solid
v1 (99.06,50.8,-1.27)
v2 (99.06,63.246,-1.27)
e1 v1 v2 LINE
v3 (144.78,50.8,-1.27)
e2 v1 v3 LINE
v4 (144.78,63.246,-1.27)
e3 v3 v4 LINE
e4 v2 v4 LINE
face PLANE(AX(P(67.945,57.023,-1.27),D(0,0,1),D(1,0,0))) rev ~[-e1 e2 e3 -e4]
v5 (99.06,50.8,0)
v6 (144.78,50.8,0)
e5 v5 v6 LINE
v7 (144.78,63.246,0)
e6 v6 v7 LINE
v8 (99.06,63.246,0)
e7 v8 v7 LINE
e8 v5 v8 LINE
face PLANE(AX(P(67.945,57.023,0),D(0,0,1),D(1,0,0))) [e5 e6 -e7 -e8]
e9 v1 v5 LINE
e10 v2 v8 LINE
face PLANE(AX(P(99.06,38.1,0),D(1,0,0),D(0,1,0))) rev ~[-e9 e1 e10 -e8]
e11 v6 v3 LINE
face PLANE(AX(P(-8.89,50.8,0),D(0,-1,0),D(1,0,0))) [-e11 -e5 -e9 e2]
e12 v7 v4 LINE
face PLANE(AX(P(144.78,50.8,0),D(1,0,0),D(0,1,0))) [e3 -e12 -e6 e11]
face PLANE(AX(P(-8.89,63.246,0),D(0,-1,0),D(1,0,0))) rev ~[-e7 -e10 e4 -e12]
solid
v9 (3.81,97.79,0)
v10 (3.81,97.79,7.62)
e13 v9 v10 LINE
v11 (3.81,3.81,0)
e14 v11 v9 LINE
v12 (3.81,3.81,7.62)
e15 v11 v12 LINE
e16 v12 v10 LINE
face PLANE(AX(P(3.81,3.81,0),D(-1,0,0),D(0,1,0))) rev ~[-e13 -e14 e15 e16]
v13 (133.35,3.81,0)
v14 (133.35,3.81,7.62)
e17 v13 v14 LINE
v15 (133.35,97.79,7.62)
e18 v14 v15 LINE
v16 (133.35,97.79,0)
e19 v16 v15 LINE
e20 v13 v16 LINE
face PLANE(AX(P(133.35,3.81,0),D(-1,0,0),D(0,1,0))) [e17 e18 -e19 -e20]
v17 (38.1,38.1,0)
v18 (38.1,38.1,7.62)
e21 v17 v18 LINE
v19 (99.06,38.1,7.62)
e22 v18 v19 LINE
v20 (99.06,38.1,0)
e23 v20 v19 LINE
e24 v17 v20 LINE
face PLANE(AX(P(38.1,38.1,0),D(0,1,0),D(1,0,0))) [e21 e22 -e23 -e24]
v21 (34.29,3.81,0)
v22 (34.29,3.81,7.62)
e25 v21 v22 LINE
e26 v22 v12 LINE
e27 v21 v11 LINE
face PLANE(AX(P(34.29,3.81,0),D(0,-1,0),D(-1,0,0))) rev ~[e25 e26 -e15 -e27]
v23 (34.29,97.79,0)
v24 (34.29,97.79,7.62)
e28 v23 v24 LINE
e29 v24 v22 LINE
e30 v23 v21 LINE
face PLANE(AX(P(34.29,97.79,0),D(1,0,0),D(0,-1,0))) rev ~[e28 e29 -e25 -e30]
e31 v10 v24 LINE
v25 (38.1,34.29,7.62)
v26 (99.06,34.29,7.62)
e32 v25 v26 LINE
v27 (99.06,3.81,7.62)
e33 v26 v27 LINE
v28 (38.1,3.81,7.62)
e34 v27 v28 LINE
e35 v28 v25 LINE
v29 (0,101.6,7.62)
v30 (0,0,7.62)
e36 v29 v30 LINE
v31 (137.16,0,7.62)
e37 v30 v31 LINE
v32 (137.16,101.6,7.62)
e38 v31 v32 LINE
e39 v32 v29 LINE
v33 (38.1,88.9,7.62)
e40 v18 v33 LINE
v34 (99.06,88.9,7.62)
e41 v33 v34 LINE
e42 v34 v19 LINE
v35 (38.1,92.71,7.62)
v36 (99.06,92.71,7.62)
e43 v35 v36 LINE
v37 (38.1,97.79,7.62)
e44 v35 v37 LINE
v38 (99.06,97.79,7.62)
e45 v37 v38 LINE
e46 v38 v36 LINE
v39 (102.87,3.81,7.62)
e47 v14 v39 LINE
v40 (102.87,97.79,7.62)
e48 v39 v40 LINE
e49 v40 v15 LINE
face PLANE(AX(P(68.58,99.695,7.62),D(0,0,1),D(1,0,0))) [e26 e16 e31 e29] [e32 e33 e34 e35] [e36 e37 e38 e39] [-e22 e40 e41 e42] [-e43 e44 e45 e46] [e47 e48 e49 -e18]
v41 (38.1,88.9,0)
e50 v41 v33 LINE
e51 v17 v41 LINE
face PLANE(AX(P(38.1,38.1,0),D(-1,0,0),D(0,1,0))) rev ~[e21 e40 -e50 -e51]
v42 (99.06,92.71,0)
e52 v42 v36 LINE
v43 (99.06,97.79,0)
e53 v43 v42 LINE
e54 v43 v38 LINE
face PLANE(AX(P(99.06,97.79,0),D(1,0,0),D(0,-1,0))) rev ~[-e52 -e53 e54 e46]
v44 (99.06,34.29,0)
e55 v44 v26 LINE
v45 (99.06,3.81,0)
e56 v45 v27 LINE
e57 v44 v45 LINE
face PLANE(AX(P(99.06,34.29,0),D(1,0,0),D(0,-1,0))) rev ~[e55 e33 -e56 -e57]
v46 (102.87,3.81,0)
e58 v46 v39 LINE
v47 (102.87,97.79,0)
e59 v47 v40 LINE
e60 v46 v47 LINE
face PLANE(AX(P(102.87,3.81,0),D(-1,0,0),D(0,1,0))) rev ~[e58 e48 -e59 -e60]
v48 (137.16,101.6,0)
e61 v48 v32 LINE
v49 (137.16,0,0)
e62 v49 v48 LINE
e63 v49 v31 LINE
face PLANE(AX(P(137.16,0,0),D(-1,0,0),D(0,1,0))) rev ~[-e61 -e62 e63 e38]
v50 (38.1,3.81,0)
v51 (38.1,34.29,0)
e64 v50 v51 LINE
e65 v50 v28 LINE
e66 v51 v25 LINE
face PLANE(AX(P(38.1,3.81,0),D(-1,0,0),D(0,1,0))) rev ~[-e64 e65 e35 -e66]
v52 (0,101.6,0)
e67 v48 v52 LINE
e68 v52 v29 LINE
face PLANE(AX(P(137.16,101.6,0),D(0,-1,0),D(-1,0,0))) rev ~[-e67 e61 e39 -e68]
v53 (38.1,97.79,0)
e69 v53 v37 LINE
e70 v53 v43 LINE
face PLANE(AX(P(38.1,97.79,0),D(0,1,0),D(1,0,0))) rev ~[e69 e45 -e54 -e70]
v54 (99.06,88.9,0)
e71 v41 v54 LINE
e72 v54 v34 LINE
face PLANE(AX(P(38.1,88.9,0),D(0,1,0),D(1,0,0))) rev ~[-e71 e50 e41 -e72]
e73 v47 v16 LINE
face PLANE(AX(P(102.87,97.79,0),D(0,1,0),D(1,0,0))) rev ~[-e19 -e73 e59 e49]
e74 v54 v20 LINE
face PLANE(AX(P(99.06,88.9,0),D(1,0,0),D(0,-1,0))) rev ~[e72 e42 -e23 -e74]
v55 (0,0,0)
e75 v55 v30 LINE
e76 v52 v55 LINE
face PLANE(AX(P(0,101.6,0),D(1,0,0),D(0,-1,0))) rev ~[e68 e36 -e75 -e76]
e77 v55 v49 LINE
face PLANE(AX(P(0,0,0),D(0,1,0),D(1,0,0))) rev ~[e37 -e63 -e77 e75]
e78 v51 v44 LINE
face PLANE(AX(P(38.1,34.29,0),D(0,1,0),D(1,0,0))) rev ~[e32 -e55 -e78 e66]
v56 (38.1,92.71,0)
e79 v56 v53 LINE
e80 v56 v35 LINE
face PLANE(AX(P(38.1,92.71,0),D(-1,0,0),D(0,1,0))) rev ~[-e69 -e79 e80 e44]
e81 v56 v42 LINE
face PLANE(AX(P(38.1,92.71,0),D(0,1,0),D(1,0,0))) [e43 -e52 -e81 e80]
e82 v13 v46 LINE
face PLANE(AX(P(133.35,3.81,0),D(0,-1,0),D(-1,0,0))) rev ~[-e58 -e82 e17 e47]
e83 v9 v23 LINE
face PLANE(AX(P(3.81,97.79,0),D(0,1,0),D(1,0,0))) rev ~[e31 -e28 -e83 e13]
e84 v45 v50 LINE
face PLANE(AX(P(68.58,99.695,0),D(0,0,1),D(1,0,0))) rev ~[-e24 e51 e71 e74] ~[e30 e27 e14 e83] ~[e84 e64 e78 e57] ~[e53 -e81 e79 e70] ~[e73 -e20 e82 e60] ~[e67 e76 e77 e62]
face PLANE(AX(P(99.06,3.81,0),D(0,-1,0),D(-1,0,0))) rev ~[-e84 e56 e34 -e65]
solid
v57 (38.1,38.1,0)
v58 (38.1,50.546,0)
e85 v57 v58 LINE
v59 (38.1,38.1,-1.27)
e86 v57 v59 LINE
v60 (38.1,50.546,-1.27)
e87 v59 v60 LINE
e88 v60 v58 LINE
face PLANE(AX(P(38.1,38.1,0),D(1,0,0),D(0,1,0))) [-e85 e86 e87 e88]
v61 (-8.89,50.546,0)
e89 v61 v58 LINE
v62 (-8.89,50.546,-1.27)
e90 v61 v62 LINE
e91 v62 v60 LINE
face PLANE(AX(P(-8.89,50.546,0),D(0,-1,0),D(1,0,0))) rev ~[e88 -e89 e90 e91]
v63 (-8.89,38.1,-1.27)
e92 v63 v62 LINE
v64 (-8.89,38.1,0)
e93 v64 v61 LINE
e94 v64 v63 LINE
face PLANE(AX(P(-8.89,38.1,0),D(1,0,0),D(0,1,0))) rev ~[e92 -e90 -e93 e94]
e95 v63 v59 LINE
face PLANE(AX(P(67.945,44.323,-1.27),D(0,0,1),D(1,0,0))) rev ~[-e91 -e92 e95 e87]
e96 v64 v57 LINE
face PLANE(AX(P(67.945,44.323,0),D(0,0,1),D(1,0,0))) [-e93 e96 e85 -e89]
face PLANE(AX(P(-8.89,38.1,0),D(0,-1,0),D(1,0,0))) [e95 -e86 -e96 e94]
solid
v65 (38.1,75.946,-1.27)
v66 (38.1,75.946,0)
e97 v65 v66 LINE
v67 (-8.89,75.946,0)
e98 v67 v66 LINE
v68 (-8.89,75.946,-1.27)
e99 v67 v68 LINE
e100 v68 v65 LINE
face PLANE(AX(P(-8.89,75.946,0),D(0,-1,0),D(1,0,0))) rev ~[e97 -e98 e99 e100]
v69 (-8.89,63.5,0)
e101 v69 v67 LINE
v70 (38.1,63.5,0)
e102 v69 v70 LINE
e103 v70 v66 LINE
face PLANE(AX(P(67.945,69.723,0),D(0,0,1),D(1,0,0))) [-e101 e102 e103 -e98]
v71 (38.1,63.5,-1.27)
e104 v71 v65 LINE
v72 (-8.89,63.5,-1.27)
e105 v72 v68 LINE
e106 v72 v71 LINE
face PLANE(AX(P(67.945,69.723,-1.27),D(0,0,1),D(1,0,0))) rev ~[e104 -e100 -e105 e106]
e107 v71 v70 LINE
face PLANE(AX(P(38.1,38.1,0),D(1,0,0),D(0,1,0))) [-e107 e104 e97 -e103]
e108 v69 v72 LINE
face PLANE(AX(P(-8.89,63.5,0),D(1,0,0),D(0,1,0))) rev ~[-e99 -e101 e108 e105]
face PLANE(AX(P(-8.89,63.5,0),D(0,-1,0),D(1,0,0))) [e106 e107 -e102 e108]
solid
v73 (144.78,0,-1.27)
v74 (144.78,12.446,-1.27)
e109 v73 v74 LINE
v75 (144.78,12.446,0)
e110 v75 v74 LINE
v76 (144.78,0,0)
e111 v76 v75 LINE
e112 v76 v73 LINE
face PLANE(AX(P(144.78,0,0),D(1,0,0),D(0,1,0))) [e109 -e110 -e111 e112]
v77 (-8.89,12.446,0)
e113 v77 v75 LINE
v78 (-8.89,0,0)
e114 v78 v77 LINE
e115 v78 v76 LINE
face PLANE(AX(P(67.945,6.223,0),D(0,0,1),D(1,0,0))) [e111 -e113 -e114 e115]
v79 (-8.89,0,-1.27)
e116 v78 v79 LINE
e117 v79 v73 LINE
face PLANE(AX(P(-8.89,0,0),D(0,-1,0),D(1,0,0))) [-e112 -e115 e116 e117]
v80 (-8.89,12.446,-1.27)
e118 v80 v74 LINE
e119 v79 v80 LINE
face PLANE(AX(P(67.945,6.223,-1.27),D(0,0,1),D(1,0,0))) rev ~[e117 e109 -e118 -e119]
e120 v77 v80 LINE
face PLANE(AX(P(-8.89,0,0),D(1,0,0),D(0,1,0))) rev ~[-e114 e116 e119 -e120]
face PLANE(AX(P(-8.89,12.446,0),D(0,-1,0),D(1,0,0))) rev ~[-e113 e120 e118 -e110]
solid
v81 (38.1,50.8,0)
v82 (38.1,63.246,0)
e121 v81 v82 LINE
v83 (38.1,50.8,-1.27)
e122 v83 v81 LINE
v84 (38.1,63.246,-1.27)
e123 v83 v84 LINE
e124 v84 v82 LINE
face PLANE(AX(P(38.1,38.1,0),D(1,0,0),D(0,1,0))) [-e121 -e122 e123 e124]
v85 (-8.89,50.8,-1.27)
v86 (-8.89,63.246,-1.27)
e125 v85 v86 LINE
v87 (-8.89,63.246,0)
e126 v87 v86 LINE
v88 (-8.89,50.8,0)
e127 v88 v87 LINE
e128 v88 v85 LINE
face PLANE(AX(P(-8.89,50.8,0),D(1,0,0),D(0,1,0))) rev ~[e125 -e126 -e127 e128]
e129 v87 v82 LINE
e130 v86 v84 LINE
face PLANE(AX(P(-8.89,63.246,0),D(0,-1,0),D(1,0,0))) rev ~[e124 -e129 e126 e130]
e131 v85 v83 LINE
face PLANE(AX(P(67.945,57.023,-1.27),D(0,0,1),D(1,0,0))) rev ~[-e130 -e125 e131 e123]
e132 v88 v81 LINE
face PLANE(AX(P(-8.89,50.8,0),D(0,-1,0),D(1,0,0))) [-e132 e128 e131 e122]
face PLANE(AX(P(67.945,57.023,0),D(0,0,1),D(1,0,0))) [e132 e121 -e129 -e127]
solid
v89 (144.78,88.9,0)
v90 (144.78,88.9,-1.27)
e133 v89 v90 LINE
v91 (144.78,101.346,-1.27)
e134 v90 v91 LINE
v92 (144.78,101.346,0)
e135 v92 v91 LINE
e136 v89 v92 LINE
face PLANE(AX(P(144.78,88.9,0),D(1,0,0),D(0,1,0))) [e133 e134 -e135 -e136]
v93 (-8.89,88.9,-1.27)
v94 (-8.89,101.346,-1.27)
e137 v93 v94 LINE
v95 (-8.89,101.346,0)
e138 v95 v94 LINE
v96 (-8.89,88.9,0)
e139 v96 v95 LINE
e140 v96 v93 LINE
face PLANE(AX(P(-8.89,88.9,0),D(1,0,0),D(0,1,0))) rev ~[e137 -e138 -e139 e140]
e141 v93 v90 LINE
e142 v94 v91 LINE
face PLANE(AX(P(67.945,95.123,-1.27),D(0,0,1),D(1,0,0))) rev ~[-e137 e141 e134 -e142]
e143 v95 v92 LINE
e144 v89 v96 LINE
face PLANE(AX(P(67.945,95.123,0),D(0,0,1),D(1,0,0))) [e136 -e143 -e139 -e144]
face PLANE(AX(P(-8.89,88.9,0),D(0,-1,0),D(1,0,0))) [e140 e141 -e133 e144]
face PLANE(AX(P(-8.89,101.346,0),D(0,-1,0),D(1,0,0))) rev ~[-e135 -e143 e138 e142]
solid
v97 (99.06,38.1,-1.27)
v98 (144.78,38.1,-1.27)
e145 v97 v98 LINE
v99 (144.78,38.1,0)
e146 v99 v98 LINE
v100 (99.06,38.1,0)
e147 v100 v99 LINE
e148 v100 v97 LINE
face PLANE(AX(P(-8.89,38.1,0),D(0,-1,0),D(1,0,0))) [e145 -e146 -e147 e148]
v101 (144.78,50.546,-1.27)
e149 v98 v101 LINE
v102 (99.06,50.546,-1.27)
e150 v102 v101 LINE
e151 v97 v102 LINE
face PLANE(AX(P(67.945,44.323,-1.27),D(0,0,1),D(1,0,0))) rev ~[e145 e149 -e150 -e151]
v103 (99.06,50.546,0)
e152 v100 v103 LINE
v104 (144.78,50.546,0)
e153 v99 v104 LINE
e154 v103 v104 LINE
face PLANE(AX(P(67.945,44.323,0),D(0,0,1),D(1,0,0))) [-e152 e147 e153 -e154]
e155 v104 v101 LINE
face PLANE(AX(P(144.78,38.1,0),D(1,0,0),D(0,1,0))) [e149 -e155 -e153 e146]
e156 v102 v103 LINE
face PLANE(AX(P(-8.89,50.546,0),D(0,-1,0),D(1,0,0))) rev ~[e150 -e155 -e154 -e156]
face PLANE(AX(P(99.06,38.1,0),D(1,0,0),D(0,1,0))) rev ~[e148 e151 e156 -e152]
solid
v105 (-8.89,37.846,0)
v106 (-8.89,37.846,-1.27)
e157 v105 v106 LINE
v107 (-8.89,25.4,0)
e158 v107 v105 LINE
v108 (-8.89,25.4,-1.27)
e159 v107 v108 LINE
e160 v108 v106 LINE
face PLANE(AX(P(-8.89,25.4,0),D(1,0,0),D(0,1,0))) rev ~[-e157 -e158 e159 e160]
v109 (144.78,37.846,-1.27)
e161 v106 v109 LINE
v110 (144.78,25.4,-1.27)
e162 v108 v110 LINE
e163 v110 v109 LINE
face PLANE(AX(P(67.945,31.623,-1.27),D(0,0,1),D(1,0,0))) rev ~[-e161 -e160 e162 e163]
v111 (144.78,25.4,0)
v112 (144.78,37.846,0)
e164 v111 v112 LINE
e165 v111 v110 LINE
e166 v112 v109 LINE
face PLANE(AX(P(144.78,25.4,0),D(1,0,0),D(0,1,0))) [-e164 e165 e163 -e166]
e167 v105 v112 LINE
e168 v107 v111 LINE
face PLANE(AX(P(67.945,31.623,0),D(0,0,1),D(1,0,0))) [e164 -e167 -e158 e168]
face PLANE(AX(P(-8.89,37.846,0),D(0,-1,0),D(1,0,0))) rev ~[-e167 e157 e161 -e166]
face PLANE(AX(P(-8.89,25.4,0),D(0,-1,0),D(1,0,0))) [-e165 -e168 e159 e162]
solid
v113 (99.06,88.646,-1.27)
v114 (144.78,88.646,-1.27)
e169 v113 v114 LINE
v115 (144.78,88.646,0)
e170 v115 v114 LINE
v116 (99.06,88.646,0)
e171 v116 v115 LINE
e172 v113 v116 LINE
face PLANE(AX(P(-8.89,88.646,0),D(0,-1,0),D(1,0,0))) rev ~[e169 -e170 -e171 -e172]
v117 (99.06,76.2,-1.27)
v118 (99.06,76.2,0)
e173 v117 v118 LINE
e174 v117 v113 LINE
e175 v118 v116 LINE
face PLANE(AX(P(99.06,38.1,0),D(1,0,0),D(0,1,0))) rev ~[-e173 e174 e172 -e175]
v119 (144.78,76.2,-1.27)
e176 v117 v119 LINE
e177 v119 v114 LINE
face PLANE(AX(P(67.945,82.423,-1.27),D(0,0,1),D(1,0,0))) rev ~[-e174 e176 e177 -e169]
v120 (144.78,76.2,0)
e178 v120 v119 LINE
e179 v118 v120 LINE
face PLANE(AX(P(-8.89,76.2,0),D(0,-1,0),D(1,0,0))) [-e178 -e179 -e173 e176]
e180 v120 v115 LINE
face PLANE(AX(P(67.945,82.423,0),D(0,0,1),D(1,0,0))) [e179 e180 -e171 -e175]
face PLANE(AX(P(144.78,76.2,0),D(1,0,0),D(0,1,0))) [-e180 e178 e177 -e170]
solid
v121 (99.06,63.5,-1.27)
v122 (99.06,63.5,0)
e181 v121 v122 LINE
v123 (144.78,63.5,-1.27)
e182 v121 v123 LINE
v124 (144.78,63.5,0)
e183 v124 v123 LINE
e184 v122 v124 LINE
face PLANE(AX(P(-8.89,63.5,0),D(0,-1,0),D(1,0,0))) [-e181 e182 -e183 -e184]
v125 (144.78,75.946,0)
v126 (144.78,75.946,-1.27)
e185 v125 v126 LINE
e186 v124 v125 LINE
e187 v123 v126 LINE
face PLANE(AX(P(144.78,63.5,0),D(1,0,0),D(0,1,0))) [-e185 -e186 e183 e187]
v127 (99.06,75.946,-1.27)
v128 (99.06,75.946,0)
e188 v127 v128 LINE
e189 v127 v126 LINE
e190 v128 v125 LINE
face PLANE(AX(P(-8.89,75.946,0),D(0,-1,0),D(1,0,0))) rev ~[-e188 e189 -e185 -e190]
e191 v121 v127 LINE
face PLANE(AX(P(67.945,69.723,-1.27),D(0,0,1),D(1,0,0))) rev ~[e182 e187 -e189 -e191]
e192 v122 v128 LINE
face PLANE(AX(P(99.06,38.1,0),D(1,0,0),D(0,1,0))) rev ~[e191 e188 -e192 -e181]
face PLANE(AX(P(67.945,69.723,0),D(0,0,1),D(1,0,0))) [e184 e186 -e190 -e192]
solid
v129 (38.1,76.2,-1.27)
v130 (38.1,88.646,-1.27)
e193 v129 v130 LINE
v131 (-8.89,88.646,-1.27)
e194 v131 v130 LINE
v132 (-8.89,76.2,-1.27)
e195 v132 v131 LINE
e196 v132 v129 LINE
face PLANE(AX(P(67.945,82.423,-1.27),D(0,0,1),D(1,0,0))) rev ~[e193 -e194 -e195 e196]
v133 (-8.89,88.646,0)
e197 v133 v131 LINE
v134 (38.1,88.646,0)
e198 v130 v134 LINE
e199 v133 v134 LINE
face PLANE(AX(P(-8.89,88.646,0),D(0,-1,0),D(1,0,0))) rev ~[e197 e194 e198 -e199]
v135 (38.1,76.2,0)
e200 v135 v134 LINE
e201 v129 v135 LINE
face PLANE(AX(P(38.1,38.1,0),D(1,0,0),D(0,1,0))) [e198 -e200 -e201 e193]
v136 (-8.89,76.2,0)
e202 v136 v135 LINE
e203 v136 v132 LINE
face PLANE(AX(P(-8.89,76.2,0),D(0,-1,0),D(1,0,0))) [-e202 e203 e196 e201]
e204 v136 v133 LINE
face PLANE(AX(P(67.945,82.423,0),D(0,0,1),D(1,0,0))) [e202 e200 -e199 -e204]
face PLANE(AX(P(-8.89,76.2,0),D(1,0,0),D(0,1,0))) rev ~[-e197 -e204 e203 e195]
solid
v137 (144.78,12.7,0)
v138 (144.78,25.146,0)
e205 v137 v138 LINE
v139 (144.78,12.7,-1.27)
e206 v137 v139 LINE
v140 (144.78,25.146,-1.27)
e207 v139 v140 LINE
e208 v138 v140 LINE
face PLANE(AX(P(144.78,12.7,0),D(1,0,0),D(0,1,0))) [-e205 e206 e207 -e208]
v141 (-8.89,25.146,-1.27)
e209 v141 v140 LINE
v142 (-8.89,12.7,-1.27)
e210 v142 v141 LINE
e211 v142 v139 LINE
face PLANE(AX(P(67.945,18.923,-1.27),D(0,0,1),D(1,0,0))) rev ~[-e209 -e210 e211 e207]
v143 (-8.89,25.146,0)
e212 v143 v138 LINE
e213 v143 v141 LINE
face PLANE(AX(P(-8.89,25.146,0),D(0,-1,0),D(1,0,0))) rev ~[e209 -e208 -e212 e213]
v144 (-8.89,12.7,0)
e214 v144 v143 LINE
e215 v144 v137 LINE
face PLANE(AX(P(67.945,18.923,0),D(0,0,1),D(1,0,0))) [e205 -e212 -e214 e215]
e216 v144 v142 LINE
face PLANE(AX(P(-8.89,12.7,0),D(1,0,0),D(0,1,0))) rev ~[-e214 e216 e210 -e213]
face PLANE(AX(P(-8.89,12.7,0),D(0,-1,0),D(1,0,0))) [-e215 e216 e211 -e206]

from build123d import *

# Parameters (mm, degrees)
F0_W     = 60.96
F0_H     = 3.81
F0_W_2   = 3.81
F0_H_2   = 93.98
F1_DEPTH = 7.62
F2_W     = 153.67
F2_H     = 12.446
F3_DEPTH = 1.27
F0_H_3   = 50.8
F4_DEPTH = 25.4


with BuildPart() as f1:
    # F0 (on Top) → F1 (new body)
    with BuildSketch(Plane.XY):
        Polygon((0, 101.6), (0, 97.79), (3.81, 97.79), (34.29, 97.79), (38.1, 97.79), (99.06, 97.79), (102.87, 97.79), (133.35, 97.79), (137.16, 97.79), (137.16, 101.6), align=None)
        Polygon((34.29, 97.79), (34.29, 3.81), (38.1, 3.81), (38.1, 34.29), (38.1, 38.1), (38.1, 88.9), (38.1, 92.71), (38.1, 97.79), align=None)
        with Locations((68.58, 90.805)):
            Rectangle(F0_W, F0_H)
        Polygon((99.06, 3.81), (102.87, 3.81), (102.87, 97.79), (99.06, 97.79), (99.06, 92.71), (99.06, 88.9), (99.06, 38.1), (99.06, 34.29), align=None)
        with Locations((135.255, 50.8)):
            Rectangle(F0_W_2, F0_H_2)
        with Locations((68.58, 36.195)):
            Rectangle(F0_W, F0_H)
        with Locations((1.905, 50.8)):
            Rectangle(F0_W_2, F0_H_2)
        Polygon((0, 3.81), (0, 0), (137.16, 0), (137.16, 3.81), (133.35, 3.81), (102.87, 3.81), (99.06, 3.81), (38.1, 3.81), (34.29, 3.81), (3.81, 3.81), align=None)
    extrude(amount=F1_DEPTH)


with BuildPart() as f3:
    # F2 (on Top) → F3 (new body)
    with BuildSketch(Plane.XY):
        with Locations((67.945, 6.223)):
            Rectangle(F2_W, F2_H)
        with Locations((67.945, 18.923)):
            Rectangle(F2_W, F2_H)
        with Locations((67.945, 31.623)):
            Rectangle(F2_W, F2_H)
        with Locations((67.945, 44.323)):
            Rectangle(F2_W, F2_H)
        with Locations((67.945, 57.023)):
            Rectangle(F2_W, F2_H)
        with Locations((67.945, 69.723)):
            Rectangle(F2_W, F2_H)
        with Locations((67.945, 82.423)):
            Rectangle(F2_W, F2_H)
        with Locations((67.945, 95.123)):
            Rectangle(F2_W, F2_H)
    extrude(amount=-F3_DEPTH)

    # F0 (on Top) → F4 (cut)
    with BuildSketch(Plane.XY):
        with Locations((68.58, 63.5)):
            Rectangle(F0_W, F0_H_3)
    extrude(amount=-F4_DEPTH, mode=Mode.SUBTRACT)


solid = Compound([f1.part, f3.part])
